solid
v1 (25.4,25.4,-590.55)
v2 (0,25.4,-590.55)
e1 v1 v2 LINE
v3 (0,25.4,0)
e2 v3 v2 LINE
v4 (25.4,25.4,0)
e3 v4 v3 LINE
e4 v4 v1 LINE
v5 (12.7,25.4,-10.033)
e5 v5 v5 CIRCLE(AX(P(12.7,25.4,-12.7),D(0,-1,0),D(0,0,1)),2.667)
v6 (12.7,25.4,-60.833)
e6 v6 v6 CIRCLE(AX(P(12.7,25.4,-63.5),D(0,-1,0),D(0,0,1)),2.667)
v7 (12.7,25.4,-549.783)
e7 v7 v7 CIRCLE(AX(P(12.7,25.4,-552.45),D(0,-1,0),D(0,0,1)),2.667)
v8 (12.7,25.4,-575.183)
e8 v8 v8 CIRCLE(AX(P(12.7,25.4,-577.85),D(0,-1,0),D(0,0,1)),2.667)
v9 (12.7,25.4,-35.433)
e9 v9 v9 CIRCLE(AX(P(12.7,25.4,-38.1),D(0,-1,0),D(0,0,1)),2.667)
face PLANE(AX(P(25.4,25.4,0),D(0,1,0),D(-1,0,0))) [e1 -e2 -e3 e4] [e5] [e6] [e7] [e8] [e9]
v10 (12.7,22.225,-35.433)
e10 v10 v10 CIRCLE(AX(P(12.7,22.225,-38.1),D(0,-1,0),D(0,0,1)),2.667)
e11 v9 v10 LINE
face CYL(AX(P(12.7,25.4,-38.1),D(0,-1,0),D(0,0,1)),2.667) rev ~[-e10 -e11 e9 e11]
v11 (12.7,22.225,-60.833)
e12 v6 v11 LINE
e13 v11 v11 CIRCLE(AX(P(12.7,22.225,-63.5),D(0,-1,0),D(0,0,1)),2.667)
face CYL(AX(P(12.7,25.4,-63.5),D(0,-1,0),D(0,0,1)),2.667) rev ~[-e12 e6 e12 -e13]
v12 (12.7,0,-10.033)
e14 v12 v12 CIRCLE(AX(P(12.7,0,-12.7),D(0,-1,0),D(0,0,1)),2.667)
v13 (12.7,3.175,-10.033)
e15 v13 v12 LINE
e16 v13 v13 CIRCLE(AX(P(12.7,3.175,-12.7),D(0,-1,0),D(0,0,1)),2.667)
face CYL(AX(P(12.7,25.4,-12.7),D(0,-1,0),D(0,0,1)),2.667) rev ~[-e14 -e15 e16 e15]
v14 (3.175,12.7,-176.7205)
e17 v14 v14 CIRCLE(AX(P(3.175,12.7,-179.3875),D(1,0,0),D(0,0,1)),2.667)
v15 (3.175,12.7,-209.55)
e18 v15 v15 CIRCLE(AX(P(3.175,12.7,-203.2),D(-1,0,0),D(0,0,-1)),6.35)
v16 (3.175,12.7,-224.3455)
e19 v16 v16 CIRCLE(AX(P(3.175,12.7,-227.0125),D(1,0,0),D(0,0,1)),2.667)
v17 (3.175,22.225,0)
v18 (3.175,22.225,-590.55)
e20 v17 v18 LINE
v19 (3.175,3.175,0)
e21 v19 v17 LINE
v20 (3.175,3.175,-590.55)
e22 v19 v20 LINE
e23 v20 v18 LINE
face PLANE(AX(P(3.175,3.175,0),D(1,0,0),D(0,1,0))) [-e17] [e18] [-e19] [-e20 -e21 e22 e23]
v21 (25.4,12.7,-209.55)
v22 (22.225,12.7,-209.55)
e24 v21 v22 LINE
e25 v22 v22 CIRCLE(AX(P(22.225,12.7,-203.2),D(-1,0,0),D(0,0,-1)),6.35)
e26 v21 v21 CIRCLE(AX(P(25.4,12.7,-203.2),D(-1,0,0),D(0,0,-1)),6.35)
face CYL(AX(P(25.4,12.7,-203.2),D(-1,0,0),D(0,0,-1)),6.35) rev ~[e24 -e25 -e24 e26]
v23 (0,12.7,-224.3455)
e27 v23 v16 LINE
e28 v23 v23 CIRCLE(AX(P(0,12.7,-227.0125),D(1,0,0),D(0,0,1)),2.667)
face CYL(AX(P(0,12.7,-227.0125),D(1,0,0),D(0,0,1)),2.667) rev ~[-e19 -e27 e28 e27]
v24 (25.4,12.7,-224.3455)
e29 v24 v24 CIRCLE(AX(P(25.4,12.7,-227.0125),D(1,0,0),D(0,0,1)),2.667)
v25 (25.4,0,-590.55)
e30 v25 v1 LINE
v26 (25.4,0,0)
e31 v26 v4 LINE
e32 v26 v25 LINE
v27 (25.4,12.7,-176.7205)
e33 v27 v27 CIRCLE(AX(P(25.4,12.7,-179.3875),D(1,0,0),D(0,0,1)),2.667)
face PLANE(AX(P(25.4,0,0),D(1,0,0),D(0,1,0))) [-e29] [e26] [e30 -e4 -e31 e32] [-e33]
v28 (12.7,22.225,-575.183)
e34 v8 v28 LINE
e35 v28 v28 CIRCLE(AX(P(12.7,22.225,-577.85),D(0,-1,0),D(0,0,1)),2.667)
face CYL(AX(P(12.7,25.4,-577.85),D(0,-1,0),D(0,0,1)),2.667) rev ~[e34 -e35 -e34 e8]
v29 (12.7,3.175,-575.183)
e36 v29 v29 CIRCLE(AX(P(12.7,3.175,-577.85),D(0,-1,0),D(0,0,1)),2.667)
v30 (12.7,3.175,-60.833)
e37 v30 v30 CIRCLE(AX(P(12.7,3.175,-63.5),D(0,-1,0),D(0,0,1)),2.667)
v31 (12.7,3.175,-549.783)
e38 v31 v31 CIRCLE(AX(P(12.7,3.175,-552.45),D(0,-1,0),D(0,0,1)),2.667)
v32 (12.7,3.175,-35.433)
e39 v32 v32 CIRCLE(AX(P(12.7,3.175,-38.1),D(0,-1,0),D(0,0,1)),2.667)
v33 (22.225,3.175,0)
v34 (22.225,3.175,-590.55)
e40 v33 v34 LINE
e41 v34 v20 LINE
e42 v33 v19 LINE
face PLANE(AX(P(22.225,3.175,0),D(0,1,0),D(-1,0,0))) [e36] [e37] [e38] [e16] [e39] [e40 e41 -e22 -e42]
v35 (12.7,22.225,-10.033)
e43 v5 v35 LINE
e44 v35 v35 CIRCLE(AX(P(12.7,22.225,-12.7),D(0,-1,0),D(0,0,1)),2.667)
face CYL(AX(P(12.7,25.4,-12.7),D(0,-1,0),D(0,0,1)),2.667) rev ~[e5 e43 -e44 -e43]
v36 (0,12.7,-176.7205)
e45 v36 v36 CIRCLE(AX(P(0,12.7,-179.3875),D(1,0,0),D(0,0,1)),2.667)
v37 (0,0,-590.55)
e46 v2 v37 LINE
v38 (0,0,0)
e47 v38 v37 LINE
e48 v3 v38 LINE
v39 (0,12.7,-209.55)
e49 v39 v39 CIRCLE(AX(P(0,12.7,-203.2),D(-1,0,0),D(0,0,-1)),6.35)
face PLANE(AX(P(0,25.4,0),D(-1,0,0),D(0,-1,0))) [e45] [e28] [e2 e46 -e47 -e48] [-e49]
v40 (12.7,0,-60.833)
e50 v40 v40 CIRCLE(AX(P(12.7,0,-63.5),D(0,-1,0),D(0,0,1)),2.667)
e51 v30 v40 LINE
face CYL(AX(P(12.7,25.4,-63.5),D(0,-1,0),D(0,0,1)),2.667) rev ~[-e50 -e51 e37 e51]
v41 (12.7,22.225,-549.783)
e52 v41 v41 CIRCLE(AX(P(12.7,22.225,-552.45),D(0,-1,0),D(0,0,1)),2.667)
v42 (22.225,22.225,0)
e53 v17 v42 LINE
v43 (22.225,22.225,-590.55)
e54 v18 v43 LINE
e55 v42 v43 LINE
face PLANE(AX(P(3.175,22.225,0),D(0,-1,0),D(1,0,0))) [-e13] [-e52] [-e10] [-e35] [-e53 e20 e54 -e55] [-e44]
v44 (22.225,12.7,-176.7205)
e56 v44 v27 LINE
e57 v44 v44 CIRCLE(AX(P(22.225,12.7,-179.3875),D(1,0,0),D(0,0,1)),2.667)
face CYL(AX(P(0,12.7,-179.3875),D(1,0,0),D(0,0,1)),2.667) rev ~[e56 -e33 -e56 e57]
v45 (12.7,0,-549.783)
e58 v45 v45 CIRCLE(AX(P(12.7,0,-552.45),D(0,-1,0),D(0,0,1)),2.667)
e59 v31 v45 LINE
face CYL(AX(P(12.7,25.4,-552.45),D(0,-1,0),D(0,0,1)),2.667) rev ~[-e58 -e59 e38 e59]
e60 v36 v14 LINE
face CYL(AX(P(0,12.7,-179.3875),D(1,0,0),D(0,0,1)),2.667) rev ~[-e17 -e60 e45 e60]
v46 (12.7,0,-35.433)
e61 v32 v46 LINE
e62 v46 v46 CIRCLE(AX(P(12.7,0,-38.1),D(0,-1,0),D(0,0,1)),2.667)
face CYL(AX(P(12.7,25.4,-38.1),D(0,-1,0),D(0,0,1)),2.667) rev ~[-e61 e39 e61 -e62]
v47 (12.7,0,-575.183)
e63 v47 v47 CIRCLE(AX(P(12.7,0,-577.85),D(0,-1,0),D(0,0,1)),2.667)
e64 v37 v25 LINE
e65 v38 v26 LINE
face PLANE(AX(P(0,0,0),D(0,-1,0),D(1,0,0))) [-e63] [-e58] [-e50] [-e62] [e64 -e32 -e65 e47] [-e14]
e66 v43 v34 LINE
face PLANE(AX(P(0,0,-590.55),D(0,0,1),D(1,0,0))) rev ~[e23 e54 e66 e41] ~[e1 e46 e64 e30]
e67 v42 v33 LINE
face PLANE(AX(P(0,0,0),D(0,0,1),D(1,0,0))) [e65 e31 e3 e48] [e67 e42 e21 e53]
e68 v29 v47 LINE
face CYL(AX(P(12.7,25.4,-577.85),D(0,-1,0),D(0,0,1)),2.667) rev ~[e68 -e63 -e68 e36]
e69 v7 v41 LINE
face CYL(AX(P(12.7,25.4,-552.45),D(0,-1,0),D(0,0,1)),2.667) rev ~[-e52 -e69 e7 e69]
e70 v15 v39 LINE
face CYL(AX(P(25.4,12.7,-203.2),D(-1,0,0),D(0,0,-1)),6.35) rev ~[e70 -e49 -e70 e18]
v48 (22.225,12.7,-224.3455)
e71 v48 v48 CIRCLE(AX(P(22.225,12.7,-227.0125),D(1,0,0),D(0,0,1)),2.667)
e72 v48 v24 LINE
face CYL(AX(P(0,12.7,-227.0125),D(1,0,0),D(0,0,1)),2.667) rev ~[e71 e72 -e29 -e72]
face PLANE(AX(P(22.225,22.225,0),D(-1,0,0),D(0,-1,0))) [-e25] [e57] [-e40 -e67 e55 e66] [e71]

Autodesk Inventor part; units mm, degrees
ref_plane "YZ Plane" through (0, 0, 0) normal (1, 0, 0) x (0, 1, 0)
ref_plane "XZ Plane" through (0, 0, 0) normal (0, 1, 0) x (-1, 0, 0)
ref_plane "XY Plane" through (0, 0, 0) normal (0, 0, 1) x (1, 0, 0)
sketch "Sketch1" plane through (0, 0, 0) normal (0, 0, 1) x (1, 0, 0)
  line L0 (0, 0) -> (25.4, 0)
  line L1 (25.4, 0) -> (25.4, 25.4)
  line L2 (25.4, 25.4) -> (0, 25.4)
  line L3 (0, 25.4) -> (0, 0)
  line L4 (3.175, 22.225) -> (22.225, 22.225)
  line L5 (22.225, 22.225) -> (22.225, 3.175)
  line L6 (22.225, 3.175) -> (3.175, 3.175)
  line L7 (3.175, 3.175) -> (3.175, 22.225)
  dimension "d0" = 25.4
  dimension "d1" = 25.4
  dimension "d2" = 3.175
extrude "Extrusion1" add sketch "Sketch1" against normal blind 590.55
sketch "Sketch3" plane through (25.4, 0, 0) normal (1, 0, 0) x (0, 0, -1)
  line L0 (0, 0) -> (0, 25.4) projected
  point P0 (203.2, 12.7)
  dimension "d14" = 203.2
hole "Hole2" at (25.4, 12.7, -203.2) direction (-1, 0, 0) diameter 12.7 depth 25.4 tip angle 118
sketch "Sketch4" plane through (0, 0, 0) normal (-1, 0, 0) x (0, 0, 1)
  circle A0 centre (-203.2, 12.7) radius 6.35 projected
  point P0 (-179.3875, 12.7)
  point P1 (-227.0125, 12.7)
  dimension "d23" = 23.8125
  dimension "d24" = 23.8125
hole "Hole3" at (0, 12.7, -179.3875) at (0, 12.7, -227.0125) direction (1, 0, 0) diameter 5.334 depth 25.4 tip angle 118
sketch "Sketch5" plane through (0, 25.4, 0) normal (0, 1, 0) x (1, 0, 0)
  line L0 (25.4, 590.55) -> (0, 590.55) projected
  line L1 (25.4, 0) -> (0, 0) projected
  point P0 (12.7, 12.7)
  point P1 (12.7, 38.1)
  point P2 (12.7, 63.5)
  point P3 (12.7, 577.85)
  point P4 (12.7, 552.45)
  dimension "d32" = 12.7
  dimension "d33" = 25.4
  dimension "d34" = 12.7
  dimension "d35" = 25.4
  dimension "d36" = 25.4
hole "Hole4" at (12.7, 25.4, -12.7) at (12.7, 25.4, -38.1) at (12.7, 25.4, -63.5) at (12.7, 25.4, -577.85) at (12.7, 25.4, -552.45) direction (0, -1, 0) diameter 5.334 depth 25.4 tip angle 118
properties part number "new vertical kicker thingleft"
